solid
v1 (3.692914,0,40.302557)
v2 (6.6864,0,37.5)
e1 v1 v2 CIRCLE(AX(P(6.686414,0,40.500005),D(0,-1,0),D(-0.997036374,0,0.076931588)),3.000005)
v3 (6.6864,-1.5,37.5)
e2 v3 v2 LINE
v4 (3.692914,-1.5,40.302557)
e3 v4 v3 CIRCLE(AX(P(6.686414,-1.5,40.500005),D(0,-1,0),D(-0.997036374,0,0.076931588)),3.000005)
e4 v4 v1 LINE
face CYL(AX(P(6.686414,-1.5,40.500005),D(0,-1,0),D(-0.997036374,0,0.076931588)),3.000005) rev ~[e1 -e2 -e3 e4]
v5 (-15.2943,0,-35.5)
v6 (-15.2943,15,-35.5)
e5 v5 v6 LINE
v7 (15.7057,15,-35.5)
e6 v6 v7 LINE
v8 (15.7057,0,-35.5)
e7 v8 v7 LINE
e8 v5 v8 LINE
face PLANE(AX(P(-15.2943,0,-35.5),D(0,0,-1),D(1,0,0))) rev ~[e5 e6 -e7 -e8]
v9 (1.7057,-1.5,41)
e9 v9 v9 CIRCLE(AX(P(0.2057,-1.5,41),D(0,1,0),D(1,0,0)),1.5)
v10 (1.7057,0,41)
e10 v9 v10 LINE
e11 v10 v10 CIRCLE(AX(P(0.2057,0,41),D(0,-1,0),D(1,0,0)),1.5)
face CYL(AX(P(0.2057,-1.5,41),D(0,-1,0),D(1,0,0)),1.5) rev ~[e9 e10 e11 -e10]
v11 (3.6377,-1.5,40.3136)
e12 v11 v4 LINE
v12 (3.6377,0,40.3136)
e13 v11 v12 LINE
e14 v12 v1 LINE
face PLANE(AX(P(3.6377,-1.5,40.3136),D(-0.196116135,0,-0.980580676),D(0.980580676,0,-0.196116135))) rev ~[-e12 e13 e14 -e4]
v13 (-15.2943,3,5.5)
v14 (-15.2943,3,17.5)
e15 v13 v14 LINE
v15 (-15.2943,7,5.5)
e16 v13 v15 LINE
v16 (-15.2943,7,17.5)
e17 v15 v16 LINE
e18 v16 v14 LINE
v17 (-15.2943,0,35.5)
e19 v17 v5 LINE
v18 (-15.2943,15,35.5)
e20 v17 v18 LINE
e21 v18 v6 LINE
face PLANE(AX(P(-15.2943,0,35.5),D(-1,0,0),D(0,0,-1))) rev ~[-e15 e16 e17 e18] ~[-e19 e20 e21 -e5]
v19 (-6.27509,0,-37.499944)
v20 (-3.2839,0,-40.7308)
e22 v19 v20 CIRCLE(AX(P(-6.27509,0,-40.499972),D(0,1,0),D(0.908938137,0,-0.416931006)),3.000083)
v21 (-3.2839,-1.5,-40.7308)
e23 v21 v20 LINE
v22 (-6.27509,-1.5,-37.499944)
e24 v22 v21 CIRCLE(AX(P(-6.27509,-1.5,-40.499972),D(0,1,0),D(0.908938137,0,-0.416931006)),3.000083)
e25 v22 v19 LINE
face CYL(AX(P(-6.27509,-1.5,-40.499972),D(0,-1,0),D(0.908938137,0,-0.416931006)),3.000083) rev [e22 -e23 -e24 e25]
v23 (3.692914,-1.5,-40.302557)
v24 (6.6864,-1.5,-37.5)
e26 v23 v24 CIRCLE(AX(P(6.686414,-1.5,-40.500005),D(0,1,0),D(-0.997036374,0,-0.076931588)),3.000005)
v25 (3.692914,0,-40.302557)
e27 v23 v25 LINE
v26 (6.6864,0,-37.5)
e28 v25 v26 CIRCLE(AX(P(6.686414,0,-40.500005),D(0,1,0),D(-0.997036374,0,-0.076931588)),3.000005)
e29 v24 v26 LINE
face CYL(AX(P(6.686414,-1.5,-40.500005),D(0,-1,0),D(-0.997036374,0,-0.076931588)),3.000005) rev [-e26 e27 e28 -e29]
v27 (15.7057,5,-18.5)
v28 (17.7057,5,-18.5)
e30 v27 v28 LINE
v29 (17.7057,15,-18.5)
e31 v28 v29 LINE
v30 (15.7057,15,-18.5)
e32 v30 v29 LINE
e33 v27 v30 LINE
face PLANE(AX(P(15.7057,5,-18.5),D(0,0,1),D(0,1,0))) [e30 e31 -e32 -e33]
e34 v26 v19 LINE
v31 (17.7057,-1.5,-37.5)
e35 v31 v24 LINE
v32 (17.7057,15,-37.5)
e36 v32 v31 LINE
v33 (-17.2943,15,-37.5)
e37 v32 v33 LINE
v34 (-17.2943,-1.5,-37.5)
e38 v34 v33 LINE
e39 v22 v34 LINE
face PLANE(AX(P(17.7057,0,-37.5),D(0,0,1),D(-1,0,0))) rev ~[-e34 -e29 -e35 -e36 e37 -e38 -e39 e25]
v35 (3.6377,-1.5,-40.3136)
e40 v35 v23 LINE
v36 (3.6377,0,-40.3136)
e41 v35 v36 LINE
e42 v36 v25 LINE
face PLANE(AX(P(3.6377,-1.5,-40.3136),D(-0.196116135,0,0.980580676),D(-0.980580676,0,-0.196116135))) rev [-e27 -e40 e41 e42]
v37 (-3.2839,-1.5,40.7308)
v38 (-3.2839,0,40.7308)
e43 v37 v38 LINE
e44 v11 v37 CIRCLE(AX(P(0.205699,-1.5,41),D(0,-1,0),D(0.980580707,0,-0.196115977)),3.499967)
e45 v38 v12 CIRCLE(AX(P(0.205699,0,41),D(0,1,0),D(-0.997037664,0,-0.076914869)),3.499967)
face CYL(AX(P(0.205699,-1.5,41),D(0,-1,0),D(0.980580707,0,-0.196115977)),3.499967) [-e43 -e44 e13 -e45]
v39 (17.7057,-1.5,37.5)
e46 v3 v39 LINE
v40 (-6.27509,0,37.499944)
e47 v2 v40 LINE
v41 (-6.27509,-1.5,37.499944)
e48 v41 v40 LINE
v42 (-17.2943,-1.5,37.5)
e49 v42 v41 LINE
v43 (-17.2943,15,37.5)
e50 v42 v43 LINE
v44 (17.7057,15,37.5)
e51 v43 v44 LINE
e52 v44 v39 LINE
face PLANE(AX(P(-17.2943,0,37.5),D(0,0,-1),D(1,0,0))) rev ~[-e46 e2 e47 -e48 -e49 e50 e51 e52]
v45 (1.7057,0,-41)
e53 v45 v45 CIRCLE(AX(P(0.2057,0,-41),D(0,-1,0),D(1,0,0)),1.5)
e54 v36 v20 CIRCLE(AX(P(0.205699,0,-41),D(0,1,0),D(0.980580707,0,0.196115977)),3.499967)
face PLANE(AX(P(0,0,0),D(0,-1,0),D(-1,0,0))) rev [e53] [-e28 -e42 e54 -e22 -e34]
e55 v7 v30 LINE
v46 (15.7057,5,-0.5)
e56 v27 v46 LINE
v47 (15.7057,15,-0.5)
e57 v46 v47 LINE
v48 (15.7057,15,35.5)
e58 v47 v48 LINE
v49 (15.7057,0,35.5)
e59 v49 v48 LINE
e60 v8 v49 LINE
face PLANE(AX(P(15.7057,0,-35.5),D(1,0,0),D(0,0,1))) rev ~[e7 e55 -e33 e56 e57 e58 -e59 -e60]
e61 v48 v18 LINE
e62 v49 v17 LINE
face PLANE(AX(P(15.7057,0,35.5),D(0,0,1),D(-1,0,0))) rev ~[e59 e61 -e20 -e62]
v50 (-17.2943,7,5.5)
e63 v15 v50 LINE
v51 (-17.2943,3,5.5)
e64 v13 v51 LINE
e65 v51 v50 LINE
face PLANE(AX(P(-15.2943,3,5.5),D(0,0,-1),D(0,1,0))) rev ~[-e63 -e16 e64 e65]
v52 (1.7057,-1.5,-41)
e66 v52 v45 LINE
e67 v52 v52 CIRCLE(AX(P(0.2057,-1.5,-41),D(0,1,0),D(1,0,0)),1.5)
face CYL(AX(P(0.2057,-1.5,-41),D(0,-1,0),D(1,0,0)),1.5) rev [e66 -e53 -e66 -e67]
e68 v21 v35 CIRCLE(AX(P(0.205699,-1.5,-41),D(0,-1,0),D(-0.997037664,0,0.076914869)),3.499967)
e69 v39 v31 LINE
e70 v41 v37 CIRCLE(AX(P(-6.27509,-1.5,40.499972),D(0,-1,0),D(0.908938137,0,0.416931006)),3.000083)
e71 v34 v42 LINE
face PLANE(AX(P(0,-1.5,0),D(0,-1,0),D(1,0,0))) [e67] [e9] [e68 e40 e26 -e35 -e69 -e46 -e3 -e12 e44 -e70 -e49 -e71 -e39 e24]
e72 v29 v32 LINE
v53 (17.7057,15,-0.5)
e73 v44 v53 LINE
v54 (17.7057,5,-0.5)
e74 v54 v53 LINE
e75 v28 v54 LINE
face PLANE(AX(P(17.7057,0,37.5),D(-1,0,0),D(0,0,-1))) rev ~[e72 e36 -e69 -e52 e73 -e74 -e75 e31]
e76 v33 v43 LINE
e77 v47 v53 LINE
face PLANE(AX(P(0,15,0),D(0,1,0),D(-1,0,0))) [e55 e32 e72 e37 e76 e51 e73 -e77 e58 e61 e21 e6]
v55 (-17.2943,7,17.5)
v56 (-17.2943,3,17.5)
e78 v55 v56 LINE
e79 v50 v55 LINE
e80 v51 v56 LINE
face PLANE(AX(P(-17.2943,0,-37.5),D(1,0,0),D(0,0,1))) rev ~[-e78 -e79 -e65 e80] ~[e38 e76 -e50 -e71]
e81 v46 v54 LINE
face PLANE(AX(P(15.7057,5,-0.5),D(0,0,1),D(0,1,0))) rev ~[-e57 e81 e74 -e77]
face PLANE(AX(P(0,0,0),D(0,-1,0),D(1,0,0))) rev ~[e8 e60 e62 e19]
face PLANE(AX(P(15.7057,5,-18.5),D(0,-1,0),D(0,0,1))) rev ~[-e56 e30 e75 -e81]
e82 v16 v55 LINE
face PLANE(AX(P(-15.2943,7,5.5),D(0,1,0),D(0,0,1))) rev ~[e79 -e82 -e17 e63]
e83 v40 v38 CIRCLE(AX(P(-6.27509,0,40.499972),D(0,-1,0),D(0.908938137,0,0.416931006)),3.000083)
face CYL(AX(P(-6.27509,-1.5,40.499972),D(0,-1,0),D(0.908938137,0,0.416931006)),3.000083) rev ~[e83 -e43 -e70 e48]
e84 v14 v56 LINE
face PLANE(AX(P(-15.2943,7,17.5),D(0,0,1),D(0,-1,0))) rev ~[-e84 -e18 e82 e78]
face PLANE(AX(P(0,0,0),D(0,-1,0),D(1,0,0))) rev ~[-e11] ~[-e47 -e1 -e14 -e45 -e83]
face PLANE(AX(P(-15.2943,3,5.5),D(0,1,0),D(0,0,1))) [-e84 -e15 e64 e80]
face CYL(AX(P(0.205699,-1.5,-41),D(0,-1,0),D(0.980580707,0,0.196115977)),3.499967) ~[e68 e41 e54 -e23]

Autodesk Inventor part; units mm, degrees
ref_plane "YZ Plane" through (0, 0, 0) normal (1, 0, 0) x (0, 1, 0)
ref_plane "XZ Plane" through (0, 0, 0) normal (0, 1, 0) x (-1, 0, 0)
ref_plane "XY Plane" through (0, 0, 0) normal (0, 0, 1) x (1, 0, 0)
sketch "Boceto1" plane through (0, 0, 0) normal (0, 1, 0) x (-1, 0, 0)
  line L0 (-15.2057, -35) -> (14.7943, -35)
  line L1 (14.7943, -35) -> (14.7943, 35)
  line L2 (14.7943, 35) -> (-15.2057, 35)
  line L3 (-15.2057, 35) -> (-15.2057, -35)
  line L4 (-15.2057, -35) -> (14.7943, 35) construction
  line L5 (14.7943, -35) -> (-15.2057, 35) construction
  line L6 (15.2943, 35.5) -> (15.2943, -35.5)
  line L7 (15.2943, -35.5) -> (-15.7057, -35.5)
  line L8 (-15.7057, -35.5) -> (-15.7057, 35.5)
  line L9 (-15.7057, 35.5) -> (15.2943, 35.5)
  line L10 (17.2943, -37.5) -> (17.2943, 37.5)
  line L11 (17.2943, 37.5) -> (-17.7057, 37.5)
  line L12 (-17.7057, 37.5) -> (-17.7057, -37.5)
  line L13 (-17.7057, -37.5) -> (17.2943, -37.5)
  point P0 (0, 0)
  point P1 (-0.2057, 0)
  dimension "d0" = 30
  dimension "d1" = 70
  dimension "d2" = 0.5
  dimension "d3" = 2
extrude "Extrusión1" add sketch "Boceto1" along normal blind 15 contours L13 L12 L11 L10
sketch "Boceto2" plane through (0, 0, 0) normal (0, -1, 0) x (1, 0, 0)
  line L0 (-17.2943, 37.5) -> (17.7057, 37.5) projected
  line L1 (-17.2943, -37.5) -> (-17.2943, 37.5) projected
  line L2 (17.7057, -37.5) -> (-17.2943, -37.5) projected
  line L3 (17.7057, 37.5) -> (17.7057, -37.5) projected
  line L4 (-15.2943, 35.5) -> (-15.2943, -35.5) projected
  line L5 (15.7057, 35.5) -> (-15.2943, 35.5) projected
  line L6 (15.7057, -35.5) -> (15.7057, 35.5) projected
  line L7 (-15.2943, -35.5) -> (15.7057, -35.5) projected
  point P0 (0, 0)
extrude "Extrusión2" add sketch "Boceto2" along normal blind 1.5 contours L0 L3 L2 L1 | L5 L6 L7 L4
sketch "Boceto3" plane through (0, -1.5, 0) normal (0, -1, 0) x (1, 0, 0)
  line L0 (-17.2943, -37.5) -> (17.7057, -37.5) projected
  line L1 (17.7057, -37.5) -> (17.7057, 37.5) projected
  line L2 (17.7057, 37.5) -> (-17.2943, 37.5) projected
  line L3 (-17.2943, 37.5) -> (-17.2943, -37.5) projected
  line L4 (-17.2943, 37.5) -> (17.7057, 37.5)
  line L5 (17.7057, 37.5) -> (17.7057, 44.5)
  line L6 (17.7057, 44.5) -> (-17.2943, 44.5)
  line L7 (-17.2943, 44.5) -> (-17.2943, 37.5)
  circle A0 centre (0.2057, 41) radius 1.5
  arc A1 (3.6377, 40.3136) -> (-3.2839, 40.7308) centre (0.2057, 41) ccw
  arc A2 (-3.5482, 41.7508) -> (-3.2839, 40.7308) centre (-6.2751, 40.5) ccw
  arc A3 (3.6953, 40.7308) -> (6.6864, 37.5) centre (6.6864, 40.5) ccw
  line L8 (3.6377, 40.3136) -> (17.7057, 37.5)
  line L9 (-17.2943, 44.5) -> (-3.2263, 41.6864)
  line L10 (-1.2652, 41.2942) -> (1.6766, 40.7058)
  point P0 (0, 0)
  point P1 (3.6929, 40.3026)
  point P2 (-6.2751, 37.5)
  dimension "d8" = 7
  dimension "d9" = 35
  dimension "d10" = 3
  dimension "d11" = 6
  dimension "d12" = 6
  dimension "d13" = 7
extrude "Extrusión3" add sketch "Boceto3" against normal blind 1.5 contours A2 A1 L8 A3 L2
mirror "Simetría1" about plane through (0, 0, 0) normal (0, 0, 1) of "Extrusión3"
sketch "Boceto4" plane through (-15.2943, 15, 35.5) normal (1, 0, 0) x (0, 0, -1)
  line L0 (0, -15) -> (71, -15) projected
  line L1 (71, -15) -> (71, 0) projected
  line L2 (0, 0) -> (71, 0) projected
  line L3 (0, -15) -> (0, 0) projected
  line L4 (0, -15) -> (30, -15)
  line L5 (30, -15) -> (30, -12)
  line L6 (30, -12) -> (18, -12)
  line L7 (18, -12) -> (30, -12)
  line L8 (30, -12) -> (30, -8)
  line L9 (30, -8) -> (18, -8)
  line L10 (18, -8) -> (18, -12)
  point P0 (35.5, -15)
  dimension "d16" = 30
  dimension "d17" = 3
  dimension "d18" = 12
extrude "Extrusión4" cut sketch "Boceto4" against normal up to surface (2 mm away) contours L6 L10 L9 L8
sketch "Boceto5" plane through (15.7057, 15, -35.5) normal (-1, 0, 0) x (0, 0, 1)
  line L0 (71, -15) -> (71, 0) projected
  line L1 (71, 0) -> (17, 0)
  line L2 (0, 0) -> (71, 0) projected
  line L3 (71, -15) -> (17, -15)
  line L4 (0, -15) -> (71, -15) projected
  line L5 (17, -15) -> (17, -10)
  line L6 (17, -10) -> (17, 0)
  line L7 (17, -10) -> (35, -10)
  line L8 (35, -10) -> (35, 0)
  line L9 (35, 0) -> (17, 0)
  line L10 (17, 0) -> (17, -10)
  point P0 (35.5, -15)
  point P1 (17, 0)
  dimension "d21" = 54
  dimension "d22" = 54
  dimension "d23" = 5
  dimension "d24" = 10
  dimension "d25" = 18
  dimension "d26" = 10
extrude "Extrusión5" cut sketch "Boceto5" against normal blind 10 contours L8 L7 L6 L1
properties part number "Caja"
